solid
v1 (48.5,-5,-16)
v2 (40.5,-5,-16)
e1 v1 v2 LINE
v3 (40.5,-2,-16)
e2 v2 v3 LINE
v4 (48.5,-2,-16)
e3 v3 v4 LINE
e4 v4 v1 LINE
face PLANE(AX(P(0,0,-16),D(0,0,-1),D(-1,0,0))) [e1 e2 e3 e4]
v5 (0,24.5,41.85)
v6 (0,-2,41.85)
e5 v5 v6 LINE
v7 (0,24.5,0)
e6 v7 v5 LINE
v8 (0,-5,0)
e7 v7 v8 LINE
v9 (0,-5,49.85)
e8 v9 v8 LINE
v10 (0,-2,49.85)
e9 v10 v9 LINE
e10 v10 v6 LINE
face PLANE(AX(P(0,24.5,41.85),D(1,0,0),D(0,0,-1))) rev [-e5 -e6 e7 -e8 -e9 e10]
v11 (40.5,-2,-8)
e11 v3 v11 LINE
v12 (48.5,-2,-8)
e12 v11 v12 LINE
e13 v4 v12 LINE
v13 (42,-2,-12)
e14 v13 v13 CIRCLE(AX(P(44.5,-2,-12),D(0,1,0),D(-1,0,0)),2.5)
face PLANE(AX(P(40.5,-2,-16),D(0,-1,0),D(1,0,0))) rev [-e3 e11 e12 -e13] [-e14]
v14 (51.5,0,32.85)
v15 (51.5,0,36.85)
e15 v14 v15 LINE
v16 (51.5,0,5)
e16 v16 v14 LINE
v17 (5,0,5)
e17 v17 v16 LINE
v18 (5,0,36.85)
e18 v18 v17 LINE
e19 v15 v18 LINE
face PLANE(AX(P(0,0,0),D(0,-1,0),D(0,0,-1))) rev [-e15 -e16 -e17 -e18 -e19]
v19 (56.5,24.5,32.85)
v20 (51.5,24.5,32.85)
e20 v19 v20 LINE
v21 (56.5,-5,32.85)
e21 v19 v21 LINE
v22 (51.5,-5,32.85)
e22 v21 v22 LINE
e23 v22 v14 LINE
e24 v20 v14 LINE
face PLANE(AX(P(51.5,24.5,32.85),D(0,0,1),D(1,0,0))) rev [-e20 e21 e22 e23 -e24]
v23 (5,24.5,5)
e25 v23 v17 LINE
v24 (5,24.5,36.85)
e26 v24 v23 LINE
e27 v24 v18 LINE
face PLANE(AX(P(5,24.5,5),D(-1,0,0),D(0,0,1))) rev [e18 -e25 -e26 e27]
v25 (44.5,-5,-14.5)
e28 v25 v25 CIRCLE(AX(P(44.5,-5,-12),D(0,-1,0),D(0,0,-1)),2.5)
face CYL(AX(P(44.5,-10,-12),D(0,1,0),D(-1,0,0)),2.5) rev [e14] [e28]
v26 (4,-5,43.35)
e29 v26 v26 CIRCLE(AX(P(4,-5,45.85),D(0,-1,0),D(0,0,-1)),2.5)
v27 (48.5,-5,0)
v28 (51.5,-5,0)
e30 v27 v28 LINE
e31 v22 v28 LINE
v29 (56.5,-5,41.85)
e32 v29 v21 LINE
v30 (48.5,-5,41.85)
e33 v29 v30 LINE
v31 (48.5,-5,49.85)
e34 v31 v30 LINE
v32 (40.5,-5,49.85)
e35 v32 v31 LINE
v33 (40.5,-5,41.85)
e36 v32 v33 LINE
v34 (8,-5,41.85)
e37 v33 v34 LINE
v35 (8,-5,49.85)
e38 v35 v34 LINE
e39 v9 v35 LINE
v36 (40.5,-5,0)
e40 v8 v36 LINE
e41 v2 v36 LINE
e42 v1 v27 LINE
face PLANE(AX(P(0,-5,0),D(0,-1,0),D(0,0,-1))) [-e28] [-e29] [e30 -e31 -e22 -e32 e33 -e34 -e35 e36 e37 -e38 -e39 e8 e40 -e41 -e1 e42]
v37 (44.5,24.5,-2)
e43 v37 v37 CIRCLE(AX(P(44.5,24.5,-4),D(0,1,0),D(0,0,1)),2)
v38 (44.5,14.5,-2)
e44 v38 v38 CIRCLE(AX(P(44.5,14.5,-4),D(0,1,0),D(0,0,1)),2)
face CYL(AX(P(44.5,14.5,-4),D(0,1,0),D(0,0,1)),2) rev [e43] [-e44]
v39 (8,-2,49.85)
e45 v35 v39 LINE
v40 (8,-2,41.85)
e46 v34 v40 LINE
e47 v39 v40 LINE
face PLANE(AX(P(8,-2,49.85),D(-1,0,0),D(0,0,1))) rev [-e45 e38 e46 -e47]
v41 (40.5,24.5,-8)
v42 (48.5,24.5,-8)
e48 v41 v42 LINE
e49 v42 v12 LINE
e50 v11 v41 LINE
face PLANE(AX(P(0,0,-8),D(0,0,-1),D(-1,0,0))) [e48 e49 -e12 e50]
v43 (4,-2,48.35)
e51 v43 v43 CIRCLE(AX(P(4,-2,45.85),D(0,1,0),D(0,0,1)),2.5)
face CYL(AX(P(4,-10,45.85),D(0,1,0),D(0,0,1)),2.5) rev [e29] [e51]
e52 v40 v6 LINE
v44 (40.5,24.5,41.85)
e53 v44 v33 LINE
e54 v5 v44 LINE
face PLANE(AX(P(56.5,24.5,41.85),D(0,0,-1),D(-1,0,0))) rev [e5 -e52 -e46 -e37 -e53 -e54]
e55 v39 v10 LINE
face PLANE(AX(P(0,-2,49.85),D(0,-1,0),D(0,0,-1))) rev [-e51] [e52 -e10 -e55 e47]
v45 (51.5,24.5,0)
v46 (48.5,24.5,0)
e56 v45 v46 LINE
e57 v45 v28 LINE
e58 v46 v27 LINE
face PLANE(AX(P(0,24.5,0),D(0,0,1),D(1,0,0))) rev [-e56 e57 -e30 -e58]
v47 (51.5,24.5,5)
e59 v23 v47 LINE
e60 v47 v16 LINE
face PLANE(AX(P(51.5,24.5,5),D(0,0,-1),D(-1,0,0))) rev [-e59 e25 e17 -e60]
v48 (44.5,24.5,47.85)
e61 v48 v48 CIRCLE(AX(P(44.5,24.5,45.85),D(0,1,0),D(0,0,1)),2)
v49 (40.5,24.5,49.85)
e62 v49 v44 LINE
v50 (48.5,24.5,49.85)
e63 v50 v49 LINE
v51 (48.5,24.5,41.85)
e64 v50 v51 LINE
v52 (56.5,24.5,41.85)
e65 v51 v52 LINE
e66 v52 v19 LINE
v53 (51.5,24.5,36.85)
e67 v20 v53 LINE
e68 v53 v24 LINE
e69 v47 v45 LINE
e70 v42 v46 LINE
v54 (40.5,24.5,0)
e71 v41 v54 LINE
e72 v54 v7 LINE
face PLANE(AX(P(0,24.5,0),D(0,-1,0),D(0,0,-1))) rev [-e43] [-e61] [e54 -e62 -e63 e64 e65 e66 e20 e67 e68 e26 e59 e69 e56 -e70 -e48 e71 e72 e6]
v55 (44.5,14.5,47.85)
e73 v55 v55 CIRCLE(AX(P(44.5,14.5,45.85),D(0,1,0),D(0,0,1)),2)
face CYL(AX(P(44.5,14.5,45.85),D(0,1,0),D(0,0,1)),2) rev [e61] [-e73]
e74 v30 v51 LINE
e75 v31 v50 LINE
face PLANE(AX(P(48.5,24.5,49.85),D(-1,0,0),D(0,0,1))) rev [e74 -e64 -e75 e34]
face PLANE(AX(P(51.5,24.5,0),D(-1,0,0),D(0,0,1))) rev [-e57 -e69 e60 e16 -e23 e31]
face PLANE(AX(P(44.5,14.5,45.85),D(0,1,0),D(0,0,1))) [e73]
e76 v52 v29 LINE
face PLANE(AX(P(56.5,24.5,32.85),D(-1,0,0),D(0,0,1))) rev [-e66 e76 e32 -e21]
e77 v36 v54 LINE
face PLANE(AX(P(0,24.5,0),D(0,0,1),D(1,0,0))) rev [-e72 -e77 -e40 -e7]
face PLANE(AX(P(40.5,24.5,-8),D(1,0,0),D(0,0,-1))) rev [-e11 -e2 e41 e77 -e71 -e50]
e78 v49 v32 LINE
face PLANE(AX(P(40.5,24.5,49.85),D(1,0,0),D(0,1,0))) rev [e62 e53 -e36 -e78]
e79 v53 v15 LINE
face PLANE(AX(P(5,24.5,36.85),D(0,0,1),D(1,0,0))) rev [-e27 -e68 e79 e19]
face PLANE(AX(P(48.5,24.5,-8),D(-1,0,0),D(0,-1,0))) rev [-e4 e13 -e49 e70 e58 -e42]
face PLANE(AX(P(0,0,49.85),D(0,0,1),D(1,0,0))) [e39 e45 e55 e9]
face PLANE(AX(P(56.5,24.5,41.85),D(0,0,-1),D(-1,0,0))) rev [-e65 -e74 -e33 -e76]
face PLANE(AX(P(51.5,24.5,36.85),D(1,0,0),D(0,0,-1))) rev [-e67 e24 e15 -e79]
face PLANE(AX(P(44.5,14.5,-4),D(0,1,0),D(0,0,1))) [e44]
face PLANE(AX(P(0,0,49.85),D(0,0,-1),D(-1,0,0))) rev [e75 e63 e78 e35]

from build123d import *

# Parameters (mm, degrees)
BOSS_EXTRUDE1_DEPTH = 24.5
SKETCH2_W           = 103
SKETCH2_H           = 41.85
BOSS_EXTRUDE2_DEPTH = 5
SKETCH3_W           = 46.5
SKETCH3_H           = 27.85
CUT_EXTRUDE1_DEPTH  = 26
SKETCH7_W           = 8
SKETCH7_H           = 3
BOSS_EXTRUDE3_DEPTH = 8
SKETCH8_R           = 2.5
CUT_EXTRUDE2_DEPTH  = 8
SKETCH9_W           = 8
SKETCH9_H           = 3
BOSS_EXTRUDE4_DEPTH = 8
SKETCH10_R          = 2.5
CUT_EXTRUDE3_DEPTH  = 8
SKETCH12_W          = 11.5
SKETCH12_H          = 5
CUT_EXTRUDE4_DEPTH  = 8
SKETCH14_W          = 8
SKETCH14_H          = 3
BOSS_EXTRUDE5_DEPTH = 8
SKETCH15_R          = 2.5
CUT_EXTRUDE5_DEPTH  = 8
SKETCH16_W          = 8
SKETCH16_H          = 29.5
BOSS_EXTRUDE6_DEPTH = 8
SKETCH17_W          = 8
SKETCH17_H          = 29.5
BOSS_EXTRUDE7_DEPTH = 8
SKETCH18_R          = 2
CUT_EXTRUDE6_DEPTH  = 10
SKETCH20_W          = 8
SKETCH20_H          = 3
BOSS_EXTRUDE8_DEPTH = 8
SKETCH21_R          = 2.5
CUT_EXTRUDE7_DEPTH  = 8
SKETCH22_W          = 5
SKETCH22_H          = 5
CUT_EXTRUDE8_DEPTH  = 8
SKETCH23_W          = 27
SKETCH23_H          = 5
CUT_EXTRUDE9_DEPTH  = 8


with BuildPart() as part:
    # Sketch1 → Boss-Extrude1 (new body)
    with BuildSketch(Plane(origin=(0, 0, 0), x_dir=(1, 0, 0), z_dir=(0, 1, 0))):
        Polygon((0, 0), (51.5, 0), (51.5, -5), (5, -5), (5, -36.85), (51.5, -36.85), (51.5, -32.85), (56.5, -32.85), (56.5, -41.85), (0, -41.85), align=None)
    extrude(amount=BOSS_EXTRUDE1_DEPTH)

    # Sketch2 → Boss-Extrude2 (add)
    with BuildSketch(Plane.XZ):
        with Locations((51.5, 20.925)):
            Rectangle(SKETCH2_W, SKETCH2_H)
    extrude(amount=BOSS_EXTRUDE2_DEPTH)

    # Sketch3 → Cut-Extrude1 (cut)
    with BuildSketch(Plane(origin=(0, 0, 0), x_dir=(1, 0, 0), z_dir=(0, 1, 0))):
        with Locations((74.75, -18.925)):
            Rectangle(SKETCH3_W, SKETCH3_H)
    extrude(amount=-CUT_EXTRUDE1_DEPTH, mode=Mode.SUBTRACT)

    # Sketch7 → Boss-Extrude3 (add)
    with BuildSketch(Plane.XY.offset(41.85)):
        with Locations((4, -3.5)):
            Rectangle(SKETCH7_W, SKETCH7_H)
    extrude(amount=BOSS_EXTRUDE3_DEPTH)

    # Sketch8 → Cut-Extrude2 (cut)
    with BuildSketch(Plane(origin=(0, -2, 0), x_dir=(1, 0, 0), z_dir=(0, 1, 0))):
        with Locations(Location((4, -45.85, 0), (0, 0, 270))):
            Circle(SKETCH8_R)
    extrude(amount=-CUT_EXTRUDE2_DEPTH, mode=Mode.SUBTRACT)

    # Sketch9 → Boss-Extrude4 (add)
    with BuildSketch(Plane(origin=(0, 0, 0), x_dir=(-1, 0, 0), z_dir=(0, 0, -1))):
        with Locations((-99, -3.5)):
            Rectangle(SKETCH9_W, SKETCH9_H)
    extrude(amount=BOSS_EXTRUDE4_DEPTH)

    # Sketch10 → Cut-Extrude3 (cut)
    with BuildSketch(Plane(origin=(0, -2, 0), x_dir=(1, 0, 0), z_dir=(0, 1, 0))):
        with Locations(Location((99, 3.996680608, 0), (0, 0, 270))):
            Circle(SKETCH10_R)
    extrude(amount=-CUT_EXTRUDE3_DEPTH, mode=Mode.SUBTRACT)

    # Sketch12 → Cut-Extrude4 (cut)
    with BuildSketch(Plane(origin=(0, 0, 0), x_dir=(1, 0, 0), z_dir=(0, 1, 0))):
        with Locations((89.25, -2.5)):
            Rectangle(SKETCH12_W, SKETCH12_H)
    extrude(amount=-CUT_EXTRUDE4_DEPTH, mode=Mode.SUBTRACT)

    # Sketch14 → Boss-Extrude5 (add)
    with BuildSketch(Plane(origin=(0, 0, 0), x_dir=(-1, 0, 0), z_dir=(0, 0, -1))):
        with Locations((-79.5, -3.5)):
            Rectangle(SKETCH14_W, SKETCH14_H)
    extrude(amount=BOSS_EXTRUDE5_DEPTH)

    # Sketch15 → Cut-Extrude5 (cut)
    with BuildSketch(Plane(origin=(0, -2, 0), x_dir=(1, 0, 0), z_dir=(0, 1, 0))):
        with Locations(Location((79.5, 4, 0), (0, 0, 270))):
            Circle(SKETCH15_R)
    extrude(amount=-CUT_EXTRUDE5_DEPTH, mode=Mode.SUBTRACT)

    # Sketch16 → Boss-Extrude6 (add)
    with BuildSketch(Plane(origin=(0, 0, 0), x_dir=(-1, 0, 0), z_dir=(0, 0, -1))):
        with Locations((-44.5, 9.75)):
            Rectangle(SKETCH16_W, SKETCH16_H)
    extrude(amount=BOSS_EXTRUDE6_DEPTH)

    # Sketch17 → Boss-Extrude7 (add)
    with BuildSketch(Plane.XY.offset(41.85)):
        with Locations((44.5, 9.75)):
            Rectangle(SKETCH17_W, SKETCH17_H)
    extrude(amount=BOSS_EXTRUDE7_DEPTH)

    # Sketch18 → Cut-Extrude6 (cut)
    with BuildSketch(Plane(origin=(0, 24.5, 0), x_dir=(1, 0, 0), z_dir=(0, 1, 0))):
        with Locations(Location((44.5, 4, 0), (0, 0, 270))):
            Circle(SKETCH18_R)
        with Locations(Location((44.5, -45.85, 0), (0, 0, 270))):
            Circle(SKETCH18_R)
    extrude(amount=-CUT_EXTRUDE6_DEPTH, mode=Mode.SUBTRACT)

    # Sketch20 → Boss-Extrude8 (add)
    with BuildSketch(Plane(origin=(0, 0, -8), x_dir=(-1, 0, 0), z_dir=(0, 0, -1))):
        with Locations((-44.5, -3.5)):
            Rectangle(SKETCH20_W, SKETCH20_H)
    extrude(amount=BOSS_EXTRUDE8_DEPTH)

    # Sketch21 → Cut-Extrude7 (cut)
    with BuildSketch(Plane(origin=(0, -2, 0), x_dir=(1, 0, 0), z_dir=(0, 1, 0))):
        with Locations(Location((44.5, 12, 0), (0, 0, 180))):
            Circle(SKETCH21_R)
    extrude(amount=-CUT_EXTRUDE7_DEPTH, mode=Mode.SUBTRACT)

    # Sketch22 → Cut-Extrude8 (cut)
    with BuildSketch(Plane(origin=(0, 0, 0), x_dir=(1, 0, 0), z_dir=(0, 1, 0))):
        Polygon((103, -41.85), (103, 8), (56.5, 8), (56.5, 0), (83.5, 0), (83.5, -5), (56.5, -5), (56.5, -41.85), align=None)
        with Locations((54, -2.5)):
            Rectangle(SKETCH22_W, SKETCH22_H)
    extrude(amount=-CUT_EXTRUDE8_DEPTH, mode=Mode.SUBTRACT)


with BuildPart() as cut_extrude8_piece_1:
    # of the separate pieces the step leaves, piece 1, a body of its own (cut_extrude8_pieces)
    add(part.part.solids().sort_by_distance((51.5, 24.5, 0))[0])


with BuildPart() as cut_extrude8_piece_2:
    # of the separate pieces the step leaves, piece 2, a body of its own (cut_extrude8_pieces)
    add(part.part.solids().sort_by_distance((83.5, 0, 0))[0])

    # Sketch23 → Cut-Extrude9 (cut)
    with BuildSketch(Plane(origin=(0, 0, 0), x_dir=(1, 0, 0), z_dir=(0, 1, 0))):
        with Locations((70, -2.5)):
            Rectangle(SKETCH23_W, SKETCH23_H)
    extrude(amount=-CUT_EXTRUDE9_DEPTH, mode=Mode.SUBTRACT)


solid = cut_extrude8_piece_1.part
